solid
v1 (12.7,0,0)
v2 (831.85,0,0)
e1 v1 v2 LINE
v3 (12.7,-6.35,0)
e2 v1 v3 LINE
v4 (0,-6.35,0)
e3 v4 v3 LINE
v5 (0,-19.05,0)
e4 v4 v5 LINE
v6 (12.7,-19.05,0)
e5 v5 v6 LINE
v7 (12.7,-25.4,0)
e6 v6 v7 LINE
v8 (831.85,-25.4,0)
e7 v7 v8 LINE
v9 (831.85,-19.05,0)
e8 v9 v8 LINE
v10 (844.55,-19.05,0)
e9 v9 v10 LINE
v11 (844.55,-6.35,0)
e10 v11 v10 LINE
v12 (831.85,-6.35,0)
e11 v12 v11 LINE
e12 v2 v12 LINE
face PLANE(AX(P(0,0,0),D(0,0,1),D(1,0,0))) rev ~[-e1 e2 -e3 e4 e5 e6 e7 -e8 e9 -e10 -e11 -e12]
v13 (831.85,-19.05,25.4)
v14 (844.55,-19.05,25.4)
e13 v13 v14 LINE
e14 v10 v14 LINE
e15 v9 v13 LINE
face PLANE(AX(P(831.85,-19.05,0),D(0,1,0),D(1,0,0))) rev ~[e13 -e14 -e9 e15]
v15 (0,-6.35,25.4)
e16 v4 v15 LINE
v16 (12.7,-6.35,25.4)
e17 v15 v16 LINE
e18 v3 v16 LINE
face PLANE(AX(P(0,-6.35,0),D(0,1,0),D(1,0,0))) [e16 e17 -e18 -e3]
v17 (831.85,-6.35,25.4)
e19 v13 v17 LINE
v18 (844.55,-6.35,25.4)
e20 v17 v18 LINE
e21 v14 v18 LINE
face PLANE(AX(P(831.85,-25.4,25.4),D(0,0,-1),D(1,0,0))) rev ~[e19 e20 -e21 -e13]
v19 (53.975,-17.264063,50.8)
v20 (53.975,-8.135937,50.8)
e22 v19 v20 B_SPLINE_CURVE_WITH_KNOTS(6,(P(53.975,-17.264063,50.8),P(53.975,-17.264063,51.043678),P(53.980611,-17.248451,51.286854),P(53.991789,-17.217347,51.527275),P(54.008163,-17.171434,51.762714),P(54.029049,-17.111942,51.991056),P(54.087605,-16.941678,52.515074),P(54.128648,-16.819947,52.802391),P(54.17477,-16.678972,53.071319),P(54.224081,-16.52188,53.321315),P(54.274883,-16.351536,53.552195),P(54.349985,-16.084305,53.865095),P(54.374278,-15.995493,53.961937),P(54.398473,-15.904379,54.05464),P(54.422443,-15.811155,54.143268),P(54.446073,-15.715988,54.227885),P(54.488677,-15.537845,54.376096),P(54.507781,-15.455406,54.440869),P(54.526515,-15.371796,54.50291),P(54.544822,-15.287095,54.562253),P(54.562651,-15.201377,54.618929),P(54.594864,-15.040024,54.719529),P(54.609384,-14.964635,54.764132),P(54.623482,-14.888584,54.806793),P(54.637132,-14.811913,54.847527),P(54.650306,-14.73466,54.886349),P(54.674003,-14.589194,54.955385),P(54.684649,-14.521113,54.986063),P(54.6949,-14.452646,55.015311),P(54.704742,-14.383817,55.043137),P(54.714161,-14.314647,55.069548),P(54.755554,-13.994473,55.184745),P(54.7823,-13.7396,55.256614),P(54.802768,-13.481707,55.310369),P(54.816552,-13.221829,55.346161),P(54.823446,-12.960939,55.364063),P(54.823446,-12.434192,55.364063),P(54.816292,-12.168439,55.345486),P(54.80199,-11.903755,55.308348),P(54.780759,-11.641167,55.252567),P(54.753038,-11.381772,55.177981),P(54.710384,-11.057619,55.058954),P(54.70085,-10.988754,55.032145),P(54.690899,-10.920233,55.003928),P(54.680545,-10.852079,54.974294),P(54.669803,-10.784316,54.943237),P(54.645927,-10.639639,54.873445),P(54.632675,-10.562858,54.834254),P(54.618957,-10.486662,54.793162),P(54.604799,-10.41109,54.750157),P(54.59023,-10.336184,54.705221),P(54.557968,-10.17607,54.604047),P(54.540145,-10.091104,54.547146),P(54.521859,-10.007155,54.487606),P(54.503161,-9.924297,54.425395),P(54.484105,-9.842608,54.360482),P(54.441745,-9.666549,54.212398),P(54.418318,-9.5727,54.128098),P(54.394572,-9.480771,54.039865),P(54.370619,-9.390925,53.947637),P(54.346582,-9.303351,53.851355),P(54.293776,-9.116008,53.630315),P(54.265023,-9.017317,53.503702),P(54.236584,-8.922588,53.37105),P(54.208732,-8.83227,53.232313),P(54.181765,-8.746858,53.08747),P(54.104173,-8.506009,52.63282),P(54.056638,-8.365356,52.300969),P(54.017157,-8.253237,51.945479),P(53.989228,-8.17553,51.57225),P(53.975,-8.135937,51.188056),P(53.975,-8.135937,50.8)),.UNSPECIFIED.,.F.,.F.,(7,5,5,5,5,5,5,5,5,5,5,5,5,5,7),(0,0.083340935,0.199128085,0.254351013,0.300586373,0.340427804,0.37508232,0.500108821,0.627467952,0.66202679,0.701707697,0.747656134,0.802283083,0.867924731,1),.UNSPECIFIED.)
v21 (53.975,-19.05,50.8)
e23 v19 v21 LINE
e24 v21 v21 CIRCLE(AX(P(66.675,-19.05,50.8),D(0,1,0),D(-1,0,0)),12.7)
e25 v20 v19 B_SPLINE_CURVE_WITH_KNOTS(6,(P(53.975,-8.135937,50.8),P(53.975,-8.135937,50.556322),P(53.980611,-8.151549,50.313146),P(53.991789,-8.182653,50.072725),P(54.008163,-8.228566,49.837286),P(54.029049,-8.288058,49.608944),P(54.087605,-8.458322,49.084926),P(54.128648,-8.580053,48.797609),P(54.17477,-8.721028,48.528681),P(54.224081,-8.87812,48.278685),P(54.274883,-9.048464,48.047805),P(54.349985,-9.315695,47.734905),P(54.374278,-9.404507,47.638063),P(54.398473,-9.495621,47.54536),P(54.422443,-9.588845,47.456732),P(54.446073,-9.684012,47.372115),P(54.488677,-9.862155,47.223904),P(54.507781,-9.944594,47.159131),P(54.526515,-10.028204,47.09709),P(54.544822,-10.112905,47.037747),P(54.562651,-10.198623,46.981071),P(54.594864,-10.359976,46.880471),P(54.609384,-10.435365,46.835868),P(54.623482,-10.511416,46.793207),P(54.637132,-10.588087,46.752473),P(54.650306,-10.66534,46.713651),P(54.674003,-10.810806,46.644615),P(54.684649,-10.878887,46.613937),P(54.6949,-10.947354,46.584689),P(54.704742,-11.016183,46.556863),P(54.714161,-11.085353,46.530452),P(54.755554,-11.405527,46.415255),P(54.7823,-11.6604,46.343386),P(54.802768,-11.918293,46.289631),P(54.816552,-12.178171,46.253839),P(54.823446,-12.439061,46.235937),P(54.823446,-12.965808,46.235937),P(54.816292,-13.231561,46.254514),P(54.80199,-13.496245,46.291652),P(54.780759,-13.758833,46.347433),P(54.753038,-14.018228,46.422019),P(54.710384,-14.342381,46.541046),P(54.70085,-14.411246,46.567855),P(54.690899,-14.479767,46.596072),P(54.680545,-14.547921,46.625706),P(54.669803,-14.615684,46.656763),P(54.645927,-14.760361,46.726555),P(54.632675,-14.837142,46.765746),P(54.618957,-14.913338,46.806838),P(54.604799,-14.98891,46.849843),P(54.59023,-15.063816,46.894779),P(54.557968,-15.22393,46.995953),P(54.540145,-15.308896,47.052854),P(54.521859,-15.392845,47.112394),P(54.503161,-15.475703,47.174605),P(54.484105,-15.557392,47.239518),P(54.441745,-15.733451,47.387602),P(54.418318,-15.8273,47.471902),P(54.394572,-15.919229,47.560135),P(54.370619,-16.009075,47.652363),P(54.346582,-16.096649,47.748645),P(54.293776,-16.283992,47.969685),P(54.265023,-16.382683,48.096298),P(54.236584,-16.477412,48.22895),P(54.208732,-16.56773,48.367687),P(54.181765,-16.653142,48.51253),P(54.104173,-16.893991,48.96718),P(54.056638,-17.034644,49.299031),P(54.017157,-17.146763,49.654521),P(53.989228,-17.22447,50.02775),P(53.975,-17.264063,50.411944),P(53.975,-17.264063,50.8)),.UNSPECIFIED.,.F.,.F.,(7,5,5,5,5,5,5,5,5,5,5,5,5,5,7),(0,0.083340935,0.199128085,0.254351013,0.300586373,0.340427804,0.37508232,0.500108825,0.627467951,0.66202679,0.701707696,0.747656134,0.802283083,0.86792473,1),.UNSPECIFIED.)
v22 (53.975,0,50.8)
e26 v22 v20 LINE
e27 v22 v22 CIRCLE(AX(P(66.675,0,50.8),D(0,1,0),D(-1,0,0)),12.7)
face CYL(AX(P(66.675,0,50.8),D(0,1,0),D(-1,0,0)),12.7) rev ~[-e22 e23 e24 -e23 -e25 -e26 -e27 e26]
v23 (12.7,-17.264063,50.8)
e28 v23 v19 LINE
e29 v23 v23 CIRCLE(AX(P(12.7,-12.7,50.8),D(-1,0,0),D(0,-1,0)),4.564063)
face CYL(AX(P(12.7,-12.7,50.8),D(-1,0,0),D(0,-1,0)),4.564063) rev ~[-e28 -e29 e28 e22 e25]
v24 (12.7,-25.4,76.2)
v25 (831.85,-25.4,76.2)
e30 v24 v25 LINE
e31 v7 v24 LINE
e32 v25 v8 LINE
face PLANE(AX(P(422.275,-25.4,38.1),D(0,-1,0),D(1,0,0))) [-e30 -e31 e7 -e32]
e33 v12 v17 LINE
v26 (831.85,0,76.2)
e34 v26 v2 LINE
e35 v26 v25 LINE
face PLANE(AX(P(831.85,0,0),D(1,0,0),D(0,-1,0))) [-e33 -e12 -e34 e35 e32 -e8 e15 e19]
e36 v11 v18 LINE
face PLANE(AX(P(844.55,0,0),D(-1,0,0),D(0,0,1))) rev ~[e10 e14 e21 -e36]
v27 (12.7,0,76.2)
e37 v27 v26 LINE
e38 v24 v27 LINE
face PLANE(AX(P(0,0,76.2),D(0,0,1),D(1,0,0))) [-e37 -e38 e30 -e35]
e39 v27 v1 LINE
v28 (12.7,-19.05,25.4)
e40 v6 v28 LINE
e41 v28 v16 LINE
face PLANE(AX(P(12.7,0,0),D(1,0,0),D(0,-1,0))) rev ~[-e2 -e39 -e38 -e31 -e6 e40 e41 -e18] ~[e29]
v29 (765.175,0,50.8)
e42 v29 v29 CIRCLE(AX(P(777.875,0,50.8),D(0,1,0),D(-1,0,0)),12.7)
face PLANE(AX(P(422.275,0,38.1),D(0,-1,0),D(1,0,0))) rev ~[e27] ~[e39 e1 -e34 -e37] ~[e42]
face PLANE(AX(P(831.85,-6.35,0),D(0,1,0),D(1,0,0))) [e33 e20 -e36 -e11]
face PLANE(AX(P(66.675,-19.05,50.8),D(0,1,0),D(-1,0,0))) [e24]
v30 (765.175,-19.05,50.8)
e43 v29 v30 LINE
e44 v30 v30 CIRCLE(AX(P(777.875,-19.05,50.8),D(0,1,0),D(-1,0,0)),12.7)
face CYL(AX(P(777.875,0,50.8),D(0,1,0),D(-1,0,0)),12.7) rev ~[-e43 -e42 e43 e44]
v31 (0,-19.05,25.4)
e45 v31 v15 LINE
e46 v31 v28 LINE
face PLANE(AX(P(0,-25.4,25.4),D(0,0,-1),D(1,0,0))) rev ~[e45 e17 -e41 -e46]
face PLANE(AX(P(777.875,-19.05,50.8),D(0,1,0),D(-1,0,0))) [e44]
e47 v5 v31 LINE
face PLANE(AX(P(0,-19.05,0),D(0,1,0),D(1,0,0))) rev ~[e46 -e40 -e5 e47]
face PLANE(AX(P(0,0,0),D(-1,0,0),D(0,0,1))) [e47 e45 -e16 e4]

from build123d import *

# Parameters (mm, degrees)
F0_W     = 844.55
F0_H     = 76.2
F1_DEPTH = 25.4
F2_W     = 12.7
F2_H     = 50.8
F3_DEPTH = 25.401
F4_W     = 12.7
F4_H     = 6.35
F5_DEPTH = 76.201
F6_R     = 4.564063
F7_DEPTH = 50.8
F8_R     = 12.7
F9_DEPTH = 19.05


with BuildPart() as f1:
    # F0 (on Front) → F1 (new body)
    with BuildSketch(Plane.XZ):
        with Locations((422.275, 38.1)):
            Rectangle(F0_W, F0_H)
    extrude(amount=F1_DEPTH)

    # F2 (on face) → F3 (cut, through all)
    with BuildSketch(Plane.XZ.offset(25.4)):
        with Locations((6.35, 50.8)):
            Rectangle(F2_W, F2_H)
        with Locations((838.2, 50.8)):
            Rectangle(F2_W, F2_H)
    extrude(amount=-F3_DEPTH, mode=Mode.SUBTRACT)

    # F4 (on face) → F5 (cut, through all)
    with BuildSketch(Plane(origin=(0, 0, 0), x_dir=(1, 0, 0), z_dir=(0, 0, -1))):
        with Locations((838.2, 22.225)):
            Rectangle(F4_W, F4_H)
        with Locations((838.2, 3.175)):
            Rectangle(F4_W, F4_H)
        with Locations((6.35, 22.225)):
            Rectangle(F4_W, F4_H)
        with Locations((6.35, 3.175)):
            Rectangle(F4_W, F4_H)
    extrude(amount=-F5_DEPTH, mode=Mode.SUBTRACT)

    # F6 (on face) → F7 (cut)
    with BuildSketch(Plane(origin=(12.7, 0, 0), x_dir=(0, -1, 0), z_dir=(-1, 0, 0))):
        with Locations((12.7, 50.8)):
            Circle(F6_R)
    extrude(amount=-F7_DEPTH, mode=Mode.SUBTRACT)

    # F8 (on face) → F9 (cut)
    with BuildSketch(Plane(origin=(0, 0, 0), x_dir=(-1, 0, 0), z_dir=(0, 1, 0))):
        with Locations((-66.675, 50.8)):
            Circle(F8_R)
        with Locations((-777.875, 50.8)):
            Circle(F8_R)
    extrude(amount=-F9_DEPTH, mode=Mode.SUBTRACT)


solid = f1.part
